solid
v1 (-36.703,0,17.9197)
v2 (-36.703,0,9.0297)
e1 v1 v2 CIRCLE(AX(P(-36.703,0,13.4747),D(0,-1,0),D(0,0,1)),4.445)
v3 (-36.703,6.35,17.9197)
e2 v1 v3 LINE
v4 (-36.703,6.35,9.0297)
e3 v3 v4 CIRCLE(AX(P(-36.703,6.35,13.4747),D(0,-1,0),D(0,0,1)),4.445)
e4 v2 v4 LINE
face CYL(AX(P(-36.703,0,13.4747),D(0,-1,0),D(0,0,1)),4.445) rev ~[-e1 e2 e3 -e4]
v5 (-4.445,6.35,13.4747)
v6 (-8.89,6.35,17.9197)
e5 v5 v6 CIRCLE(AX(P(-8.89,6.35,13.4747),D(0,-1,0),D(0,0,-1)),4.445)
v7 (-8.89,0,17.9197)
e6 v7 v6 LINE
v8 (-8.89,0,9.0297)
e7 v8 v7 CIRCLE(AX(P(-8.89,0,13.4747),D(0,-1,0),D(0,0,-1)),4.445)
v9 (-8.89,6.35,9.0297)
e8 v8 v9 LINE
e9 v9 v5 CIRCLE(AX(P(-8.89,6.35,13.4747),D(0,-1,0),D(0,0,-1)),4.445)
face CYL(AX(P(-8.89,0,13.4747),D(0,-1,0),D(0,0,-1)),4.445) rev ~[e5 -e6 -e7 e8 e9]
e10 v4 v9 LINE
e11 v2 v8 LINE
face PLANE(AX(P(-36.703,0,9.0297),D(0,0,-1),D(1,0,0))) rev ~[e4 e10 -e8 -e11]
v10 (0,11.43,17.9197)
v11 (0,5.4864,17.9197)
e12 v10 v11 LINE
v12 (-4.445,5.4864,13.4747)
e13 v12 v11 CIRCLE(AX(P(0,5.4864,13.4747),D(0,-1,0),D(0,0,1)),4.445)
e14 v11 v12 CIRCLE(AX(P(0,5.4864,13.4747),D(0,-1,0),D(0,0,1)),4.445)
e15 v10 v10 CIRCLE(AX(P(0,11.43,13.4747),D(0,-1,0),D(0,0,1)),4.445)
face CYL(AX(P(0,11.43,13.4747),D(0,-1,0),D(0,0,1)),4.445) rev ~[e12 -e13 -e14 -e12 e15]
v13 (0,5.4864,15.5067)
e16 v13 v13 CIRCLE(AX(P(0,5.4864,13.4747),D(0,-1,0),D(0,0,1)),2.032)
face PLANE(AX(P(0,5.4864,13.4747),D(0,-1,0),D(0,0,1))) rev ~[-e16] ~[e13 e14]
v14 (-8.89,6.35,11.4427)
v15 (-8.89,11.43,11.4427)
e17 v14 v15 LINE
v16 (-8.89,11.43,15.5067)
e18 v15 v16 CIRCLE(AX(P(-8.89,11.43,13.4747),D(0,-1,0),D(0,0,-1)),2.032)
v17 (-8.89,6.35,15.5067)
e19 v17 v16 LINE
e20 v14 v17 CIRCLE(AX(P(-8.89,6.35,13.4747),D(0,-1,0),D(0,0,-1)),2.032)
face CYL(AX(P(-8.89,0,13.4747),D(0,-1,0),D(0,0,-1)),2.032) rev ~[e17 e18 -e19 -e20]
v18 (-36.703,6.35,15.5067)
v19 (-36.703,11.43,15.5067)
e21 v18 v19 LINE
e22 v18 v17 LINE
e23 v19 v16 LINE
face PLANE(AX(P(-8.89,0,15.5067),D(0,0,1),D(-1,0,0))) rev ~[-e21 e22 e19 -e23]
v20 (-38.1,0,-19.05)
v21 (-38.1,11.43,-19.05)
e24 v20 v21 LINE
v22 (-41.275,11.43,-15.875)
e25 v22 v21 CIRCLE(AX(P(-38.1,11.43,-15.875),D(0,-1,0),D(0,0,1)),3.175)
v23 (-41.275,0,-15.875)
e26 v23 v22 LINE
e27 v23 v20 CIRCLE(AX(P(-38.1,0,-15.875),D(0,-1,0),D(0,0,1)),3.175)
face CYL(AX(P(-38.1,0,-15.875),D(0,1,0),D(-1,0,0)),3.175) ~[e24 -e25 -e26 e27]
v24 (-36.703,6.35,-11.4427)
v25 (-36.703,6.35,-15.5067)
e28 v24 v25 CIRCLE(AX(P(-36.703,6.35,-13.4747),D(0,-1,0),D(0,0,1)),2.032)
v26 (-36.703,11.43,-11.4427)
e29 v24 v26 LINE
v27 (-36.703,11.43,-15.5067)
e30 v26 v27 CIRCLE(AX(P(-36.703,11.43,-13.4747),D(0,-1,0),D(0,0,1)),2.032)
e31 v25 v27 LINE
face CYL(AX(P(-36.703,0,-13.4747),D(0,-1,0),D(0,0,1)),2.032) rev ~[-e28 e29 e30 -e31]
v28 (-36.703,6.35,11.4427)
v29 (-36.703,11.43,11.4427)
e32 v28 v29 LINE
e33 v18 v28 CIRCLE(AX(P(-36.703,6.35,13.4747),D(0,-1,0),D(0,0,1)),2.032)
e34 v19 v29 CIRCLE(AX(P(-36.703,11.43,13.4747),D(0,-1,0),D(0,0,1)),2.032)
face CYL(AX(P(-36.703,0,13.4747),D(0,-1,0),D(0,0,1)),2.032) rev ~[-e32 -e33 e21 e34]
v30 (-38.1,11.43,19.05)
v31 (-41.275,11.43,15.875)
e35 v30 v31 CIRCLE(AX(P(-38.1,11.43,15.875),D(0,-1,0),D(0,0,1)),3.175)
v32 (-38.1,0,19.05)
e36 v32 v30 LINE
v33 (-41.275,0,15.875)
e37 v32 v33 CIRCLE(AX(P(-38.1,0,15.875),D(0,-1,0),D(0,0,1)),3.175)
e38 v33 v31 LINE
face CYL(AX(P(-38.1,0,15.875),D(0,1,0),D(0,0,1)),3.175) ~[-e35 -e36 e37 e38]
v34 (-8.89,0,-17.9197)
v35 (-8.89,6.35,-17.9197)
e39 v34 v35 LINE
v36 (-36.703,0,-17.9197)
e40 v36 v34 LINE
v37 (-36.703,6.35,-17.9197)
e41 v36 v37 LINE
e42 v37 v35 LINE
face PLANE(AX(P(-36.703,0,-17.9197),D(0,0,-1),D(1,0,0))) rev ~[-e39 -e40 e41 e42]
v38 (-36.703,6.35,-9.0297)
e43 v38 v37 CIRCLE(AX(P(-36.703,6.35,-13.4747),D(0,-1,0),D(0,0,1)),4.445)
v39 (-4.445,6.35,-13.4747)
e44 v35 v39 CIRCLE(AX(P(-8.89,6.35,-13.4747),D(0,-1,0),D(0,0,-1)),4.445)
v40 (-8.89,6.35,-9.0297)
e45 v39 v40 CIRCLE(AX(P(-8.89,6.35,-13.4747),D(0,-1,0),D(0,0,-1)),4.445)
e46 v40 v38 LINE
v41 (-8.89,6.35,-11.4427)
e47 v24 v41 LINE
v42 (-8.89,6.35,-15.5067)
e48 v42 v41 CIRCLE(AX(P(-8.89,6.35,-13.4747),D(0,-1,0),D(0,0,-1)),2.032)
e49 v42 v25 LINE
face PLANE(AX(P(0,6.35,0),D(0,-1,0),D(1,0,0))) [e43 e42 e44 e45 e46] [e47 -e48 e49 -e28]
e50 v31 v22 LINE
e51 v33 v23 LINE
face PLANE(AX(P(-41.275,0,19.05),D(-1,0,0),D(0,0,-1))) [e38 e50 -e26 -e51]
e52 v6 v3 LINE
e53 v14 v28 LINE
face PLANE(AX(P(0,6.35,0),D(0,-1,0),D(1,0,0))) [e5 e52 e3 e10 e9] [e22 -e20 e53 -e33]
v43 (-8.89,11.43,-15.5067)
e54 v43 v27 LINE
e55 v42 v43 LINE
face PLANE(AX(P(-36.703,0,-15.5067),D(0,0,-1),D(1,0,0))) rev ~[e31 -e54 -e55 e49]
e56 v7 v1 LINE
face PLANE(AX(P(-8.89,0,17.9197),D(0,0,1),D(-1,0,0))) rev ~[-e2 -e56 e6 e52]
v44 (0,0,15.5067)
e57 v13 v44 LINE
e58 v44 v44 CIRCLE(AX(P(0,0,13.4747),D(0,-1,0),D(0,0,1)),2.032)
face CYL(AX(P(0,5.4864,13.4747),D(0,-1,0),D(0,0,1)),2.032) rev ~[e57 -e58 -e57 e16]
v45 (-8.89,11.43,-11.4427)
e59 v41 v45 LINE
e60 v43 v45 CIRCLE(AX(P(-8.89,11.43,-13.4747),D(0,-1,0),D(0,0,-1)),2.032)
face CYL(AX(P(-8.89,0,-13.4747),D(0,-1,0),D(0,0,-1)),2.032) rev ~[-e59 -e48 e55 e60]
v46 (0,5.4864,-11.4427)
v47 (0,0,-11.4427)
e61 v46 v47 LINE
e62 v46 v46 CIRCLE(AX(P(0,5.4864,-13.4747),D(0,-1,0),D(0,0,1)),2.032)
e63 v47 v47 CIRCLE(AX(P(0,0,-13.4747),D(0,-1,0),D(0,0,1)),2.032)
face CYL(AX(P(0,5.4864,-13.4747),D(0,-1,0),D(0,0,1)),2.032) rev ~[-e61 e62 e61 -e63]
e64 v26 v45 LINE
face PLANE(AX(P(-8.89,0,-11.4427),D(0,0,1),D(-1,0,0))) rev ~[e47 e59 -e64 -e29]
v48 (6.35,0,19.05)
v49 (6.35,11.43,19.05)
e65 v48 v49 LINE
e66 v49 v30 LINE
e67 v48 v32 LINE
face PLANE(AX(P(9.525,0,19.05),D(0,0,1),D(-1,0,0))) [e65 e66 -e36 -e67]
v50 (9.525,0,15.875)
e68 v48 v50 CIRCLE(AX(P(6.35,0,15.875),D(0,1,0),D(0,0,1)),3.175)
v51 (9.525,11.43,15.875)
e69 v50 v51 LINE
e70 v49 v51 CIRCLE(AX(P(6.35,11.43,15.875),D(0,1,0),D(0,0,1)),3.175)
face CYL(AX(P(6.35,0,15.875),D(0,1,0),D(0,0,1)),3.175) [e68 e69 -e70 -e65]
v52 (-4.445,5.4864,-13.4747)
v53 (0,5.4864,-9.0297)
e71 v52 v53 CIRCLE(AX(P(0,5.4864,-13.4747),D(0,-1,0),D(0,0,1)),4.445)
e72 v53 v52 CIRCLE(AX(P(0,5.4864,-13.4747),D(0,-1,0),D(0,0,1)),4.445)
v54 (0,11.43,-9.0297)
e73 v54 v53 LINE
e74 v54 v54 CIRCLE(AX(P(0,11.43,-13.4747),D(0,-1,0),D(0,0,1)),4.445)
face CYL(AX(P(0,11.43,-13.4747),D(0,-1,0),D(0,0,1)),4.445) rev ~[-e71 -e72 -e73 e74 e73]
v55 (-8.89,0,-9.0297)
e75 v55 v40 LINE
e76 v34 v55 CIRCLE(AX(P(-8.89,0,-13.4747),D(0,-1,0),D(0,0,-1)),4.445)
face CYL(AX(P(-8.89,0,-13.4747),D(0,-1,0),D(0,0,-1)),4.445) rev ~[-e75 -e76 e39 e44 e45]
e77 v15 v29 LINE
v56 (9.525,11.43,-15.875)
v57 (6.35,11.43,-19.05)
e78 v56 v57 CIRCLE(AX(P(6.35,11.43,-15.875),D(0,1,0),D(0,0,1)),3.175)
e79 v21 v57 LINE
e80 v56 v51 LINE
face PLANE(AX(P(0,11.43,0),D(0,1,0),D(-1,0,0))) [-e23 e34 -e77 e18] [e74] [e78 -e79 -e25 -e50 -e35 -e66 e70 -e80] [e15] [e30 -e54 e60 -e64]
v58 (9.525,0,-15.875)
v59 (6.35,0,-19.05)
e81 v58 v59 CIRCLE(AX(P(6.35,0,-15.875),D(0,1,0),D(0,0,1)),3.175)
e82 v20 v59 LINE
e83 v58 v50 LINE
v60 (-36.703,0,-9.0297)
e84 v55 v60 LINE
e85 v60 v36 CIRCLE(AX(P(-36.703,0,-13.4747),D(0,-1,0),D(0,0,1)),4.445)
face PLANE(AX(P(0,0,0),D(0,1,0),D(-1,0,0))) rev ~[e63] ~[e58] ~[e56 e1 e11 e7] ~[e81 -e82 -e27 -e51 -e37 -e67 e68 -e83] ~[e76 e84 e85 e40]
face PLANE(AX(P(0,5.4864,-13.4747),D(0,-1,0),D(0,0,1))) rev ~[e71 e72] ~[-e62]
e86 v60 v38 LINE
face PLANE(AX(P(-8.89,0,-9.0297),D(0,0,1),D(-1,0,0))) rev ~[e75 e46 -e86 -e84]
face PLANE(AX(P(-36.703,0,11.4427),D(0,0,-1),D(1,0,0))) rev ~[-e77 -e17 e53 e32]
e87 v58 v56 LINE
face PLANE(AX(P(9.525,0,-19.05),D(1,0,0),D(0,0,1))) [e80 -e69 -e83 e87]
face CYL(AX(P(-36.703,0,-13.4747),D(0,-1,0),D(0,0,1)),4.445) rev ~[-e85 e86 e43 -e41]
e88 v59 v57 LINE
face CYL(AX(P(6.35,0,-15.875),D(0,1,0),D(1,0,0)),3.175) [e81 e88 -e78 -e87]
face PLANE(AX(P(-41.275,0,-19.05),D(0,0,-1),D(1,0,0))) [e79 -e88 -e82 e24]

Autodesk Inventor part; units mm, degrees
ref_plane "XZ Plane" through (0, 0, 0) normal (0, 1, 0) x (-1, 0, 0)
ref_plane "XY Plane" through (0, 0, 0) normal (0, 0, 1) x (1, 0, 0)
sketch "Sketch1" plane through (0, 0, 0) normal (0, 1, 0) x (-1, 0, 0)
  line L0 (-9.525, 19.05) -> (41.275, 19.05)
  line L1 (41.275, 19.05) -> (41.275, -19.05)
  line L2 (41.275, -19.05) -> (-9.525, -19.05)
  line L3 (-9.525, -19.05) -> (-9.525, 19.05)
  point P0 (0, 0)
  dimension "d0" = 50.8
  dimension "d1" = 38.1
  dimension "d3" = 9.525
  dimension "d4" = 19.05
extrude "Extrusion1" add sketch "Sketch1" along normal blind 11.43
sketch "Sketch2" plane through (0, 11.43, 0) normal (0, 1, 0) x (1, 0, 0)
  line L0 (9.525, -19.05) -> (9.525, 19.05) projected
  point P0 (0, 0)
  point P1 (0, -13.4747)
  point P2 (0, 13.4747)
  dimension "d7" = 26.9494
  dimension "d9" = 9.525
  dimension "d10" = 9.525
  dimension "d11" = 13.4747
hole "Hole1" at (0, 11.43, 13.4747) at (0, 11.43, -13.4747) direction (0, -1, 0) diameter 4.064 end through all counterbore diameter 8.89 counterbore depth 5.9436
sketch "Sketch3" plane through (0, 0, 0) normal (0, -1, 0) x (1, 0, 0)
  circle A0 centre (0, -13.4747) radius 2.032 projected
  circle A1 centre (0, 13.4747) radius 2.032 projected
  line L0 (-41.275, -19.05) -> (-41.275, 19.05) projected
  line L1 (-36.703, -13.4747) -> (-8.89, -13.4747) construction
  line L2 (-36.703, -15.5067) -> (-8.89, -15.5067)
  line L3 (-8.89, -11.4427) -> (-36.703, -11.4427)
  arc A2 (-36.703, -11.4427) -> (-36.703, -15.5067) centre (-36.703, -13.4747) ccw
  arc A3 (-8.89, -15.5067) -> (-8.89, -11.4427) centre (-8.89, -13.4747) ccw
  line L4 (-36.703, 13.4747) -> (-8.89, 13.4747) construction
  line L5 (-36.703, 11.4427) -> (-8.89, 11.4427)
  line L6 (-8.89, 15.5067) -> (-36.703, 15.5067)
  arc A4 (-36.703, 15.5067) -> (-36.703, 11.4427) centre (-36.703, 13.4747) ccw
  arc A5 (-8.89, 11.4427) -> (-8.89, 15.5067) centre (-8.89, 13.4747) ccw
  point P0 (0, 0)
  point P1 (-22.7965, -13.4747)
  point P2 (-22.7965, 13.4747)
  dimension "d19" = 26.9494
  dimension "d20" = 13.4747
  dimension "d21" = 8.89
  dimension "d22" = 8.89
  dimension "d23" = 4.572
  dimension "d24" = 4.572
  dimension "d25" = 4.064
  dimension "d26" = 4.064
extrude "Extrusion2" cut sketch "Sketch3" against normal through all contours A2 L3 A3 L2 | A4 L6 A5 L5
sketch "Sketch4" plane through (0, 0, 0) normal (0, -1, 0) x (1, 0, 0)
  arc A0 (-36.703, 15.5067) -> (-36.703, 11.4427) centre (-36.703, 13.4747) ccw projected
  arc A1 (-8.89, 11.4427) -> (-8.89, 15.5067) centre (-8.89, 13.4747) ccw projected
  line L0 (-36.703, 13.4747) -> (-8.89, 13.4747) construction
  line L1 (-36.703, 9.0297) -> (-8.89, 9.0297)
  line L2 (-8.89, 17.9197) -> (-36.703, 17.9197)
  arc A2 (-36.703, 17.9197) -> (-36.703, 9.0297) centre (-36.703, 13.4747) ccw
  arc A3 (-8.89, 9.0297) -> (-8.89, 17.9197) centre (-8.89, 13.4747) ccw
  arc A4 (-8.89, -15.5067) -> (-8.89, -11.4427) centre (-8.89, -13.4747) ccw projected
  arc A5 (-36.703, -11.4427) -> (-36.703, -15.5067) centre (-36.703, -13.4747) ccw projected
  line L3 (-8.89, -13.4747) -> (-36.703, -13.4747) construction
  line L4 (-8.89, -9.0297) -> (-36.703, -9.0297)
  line L5 (-36.703, -17.9197) -> (-8.89, -17.9197)
  arc A6 (-8.89, -17.9197) -> (-8.89, -9.0297) centre (-8.89, -13.4747) ccw
  arc A7 (-36.703, -9.0297) -> (-36.703, -17.9197) centre (-36.703, -13.4747) ccw
  point P0 (0, 0)
  point P1 (-22.7965, 13.4747)
  point P2 (-22.7965, -13.4747)
  dimension "d29" = 8.89
  dimension "d30" = 8.89
extrude "Extrusion3" cut sketch "Sketch4" against normal blind 6.35
fillet "Fillet1" radius 3.175 4 edges at (9.525, 5.715, 19.05) (9.525, 5.715, -19.05) (-41.275, 5.715, 19.05) (-41.275, 5.715, -19.05)
equation "\"d4\" = 0.5 * d1"
equation "\"d9\" = d3"
equation "\"d10\" = d9"
equation "\"d11\" = 0.5 * d7"
equation "\"d20\" = 0.5 * d19"
equation "\"d22\" = d21"
equation "\"d24\" = d23"
equation "\"d26\" = d25"
equation "\"d30\" = d29"
properties part number "intake wheel only to xrail"
